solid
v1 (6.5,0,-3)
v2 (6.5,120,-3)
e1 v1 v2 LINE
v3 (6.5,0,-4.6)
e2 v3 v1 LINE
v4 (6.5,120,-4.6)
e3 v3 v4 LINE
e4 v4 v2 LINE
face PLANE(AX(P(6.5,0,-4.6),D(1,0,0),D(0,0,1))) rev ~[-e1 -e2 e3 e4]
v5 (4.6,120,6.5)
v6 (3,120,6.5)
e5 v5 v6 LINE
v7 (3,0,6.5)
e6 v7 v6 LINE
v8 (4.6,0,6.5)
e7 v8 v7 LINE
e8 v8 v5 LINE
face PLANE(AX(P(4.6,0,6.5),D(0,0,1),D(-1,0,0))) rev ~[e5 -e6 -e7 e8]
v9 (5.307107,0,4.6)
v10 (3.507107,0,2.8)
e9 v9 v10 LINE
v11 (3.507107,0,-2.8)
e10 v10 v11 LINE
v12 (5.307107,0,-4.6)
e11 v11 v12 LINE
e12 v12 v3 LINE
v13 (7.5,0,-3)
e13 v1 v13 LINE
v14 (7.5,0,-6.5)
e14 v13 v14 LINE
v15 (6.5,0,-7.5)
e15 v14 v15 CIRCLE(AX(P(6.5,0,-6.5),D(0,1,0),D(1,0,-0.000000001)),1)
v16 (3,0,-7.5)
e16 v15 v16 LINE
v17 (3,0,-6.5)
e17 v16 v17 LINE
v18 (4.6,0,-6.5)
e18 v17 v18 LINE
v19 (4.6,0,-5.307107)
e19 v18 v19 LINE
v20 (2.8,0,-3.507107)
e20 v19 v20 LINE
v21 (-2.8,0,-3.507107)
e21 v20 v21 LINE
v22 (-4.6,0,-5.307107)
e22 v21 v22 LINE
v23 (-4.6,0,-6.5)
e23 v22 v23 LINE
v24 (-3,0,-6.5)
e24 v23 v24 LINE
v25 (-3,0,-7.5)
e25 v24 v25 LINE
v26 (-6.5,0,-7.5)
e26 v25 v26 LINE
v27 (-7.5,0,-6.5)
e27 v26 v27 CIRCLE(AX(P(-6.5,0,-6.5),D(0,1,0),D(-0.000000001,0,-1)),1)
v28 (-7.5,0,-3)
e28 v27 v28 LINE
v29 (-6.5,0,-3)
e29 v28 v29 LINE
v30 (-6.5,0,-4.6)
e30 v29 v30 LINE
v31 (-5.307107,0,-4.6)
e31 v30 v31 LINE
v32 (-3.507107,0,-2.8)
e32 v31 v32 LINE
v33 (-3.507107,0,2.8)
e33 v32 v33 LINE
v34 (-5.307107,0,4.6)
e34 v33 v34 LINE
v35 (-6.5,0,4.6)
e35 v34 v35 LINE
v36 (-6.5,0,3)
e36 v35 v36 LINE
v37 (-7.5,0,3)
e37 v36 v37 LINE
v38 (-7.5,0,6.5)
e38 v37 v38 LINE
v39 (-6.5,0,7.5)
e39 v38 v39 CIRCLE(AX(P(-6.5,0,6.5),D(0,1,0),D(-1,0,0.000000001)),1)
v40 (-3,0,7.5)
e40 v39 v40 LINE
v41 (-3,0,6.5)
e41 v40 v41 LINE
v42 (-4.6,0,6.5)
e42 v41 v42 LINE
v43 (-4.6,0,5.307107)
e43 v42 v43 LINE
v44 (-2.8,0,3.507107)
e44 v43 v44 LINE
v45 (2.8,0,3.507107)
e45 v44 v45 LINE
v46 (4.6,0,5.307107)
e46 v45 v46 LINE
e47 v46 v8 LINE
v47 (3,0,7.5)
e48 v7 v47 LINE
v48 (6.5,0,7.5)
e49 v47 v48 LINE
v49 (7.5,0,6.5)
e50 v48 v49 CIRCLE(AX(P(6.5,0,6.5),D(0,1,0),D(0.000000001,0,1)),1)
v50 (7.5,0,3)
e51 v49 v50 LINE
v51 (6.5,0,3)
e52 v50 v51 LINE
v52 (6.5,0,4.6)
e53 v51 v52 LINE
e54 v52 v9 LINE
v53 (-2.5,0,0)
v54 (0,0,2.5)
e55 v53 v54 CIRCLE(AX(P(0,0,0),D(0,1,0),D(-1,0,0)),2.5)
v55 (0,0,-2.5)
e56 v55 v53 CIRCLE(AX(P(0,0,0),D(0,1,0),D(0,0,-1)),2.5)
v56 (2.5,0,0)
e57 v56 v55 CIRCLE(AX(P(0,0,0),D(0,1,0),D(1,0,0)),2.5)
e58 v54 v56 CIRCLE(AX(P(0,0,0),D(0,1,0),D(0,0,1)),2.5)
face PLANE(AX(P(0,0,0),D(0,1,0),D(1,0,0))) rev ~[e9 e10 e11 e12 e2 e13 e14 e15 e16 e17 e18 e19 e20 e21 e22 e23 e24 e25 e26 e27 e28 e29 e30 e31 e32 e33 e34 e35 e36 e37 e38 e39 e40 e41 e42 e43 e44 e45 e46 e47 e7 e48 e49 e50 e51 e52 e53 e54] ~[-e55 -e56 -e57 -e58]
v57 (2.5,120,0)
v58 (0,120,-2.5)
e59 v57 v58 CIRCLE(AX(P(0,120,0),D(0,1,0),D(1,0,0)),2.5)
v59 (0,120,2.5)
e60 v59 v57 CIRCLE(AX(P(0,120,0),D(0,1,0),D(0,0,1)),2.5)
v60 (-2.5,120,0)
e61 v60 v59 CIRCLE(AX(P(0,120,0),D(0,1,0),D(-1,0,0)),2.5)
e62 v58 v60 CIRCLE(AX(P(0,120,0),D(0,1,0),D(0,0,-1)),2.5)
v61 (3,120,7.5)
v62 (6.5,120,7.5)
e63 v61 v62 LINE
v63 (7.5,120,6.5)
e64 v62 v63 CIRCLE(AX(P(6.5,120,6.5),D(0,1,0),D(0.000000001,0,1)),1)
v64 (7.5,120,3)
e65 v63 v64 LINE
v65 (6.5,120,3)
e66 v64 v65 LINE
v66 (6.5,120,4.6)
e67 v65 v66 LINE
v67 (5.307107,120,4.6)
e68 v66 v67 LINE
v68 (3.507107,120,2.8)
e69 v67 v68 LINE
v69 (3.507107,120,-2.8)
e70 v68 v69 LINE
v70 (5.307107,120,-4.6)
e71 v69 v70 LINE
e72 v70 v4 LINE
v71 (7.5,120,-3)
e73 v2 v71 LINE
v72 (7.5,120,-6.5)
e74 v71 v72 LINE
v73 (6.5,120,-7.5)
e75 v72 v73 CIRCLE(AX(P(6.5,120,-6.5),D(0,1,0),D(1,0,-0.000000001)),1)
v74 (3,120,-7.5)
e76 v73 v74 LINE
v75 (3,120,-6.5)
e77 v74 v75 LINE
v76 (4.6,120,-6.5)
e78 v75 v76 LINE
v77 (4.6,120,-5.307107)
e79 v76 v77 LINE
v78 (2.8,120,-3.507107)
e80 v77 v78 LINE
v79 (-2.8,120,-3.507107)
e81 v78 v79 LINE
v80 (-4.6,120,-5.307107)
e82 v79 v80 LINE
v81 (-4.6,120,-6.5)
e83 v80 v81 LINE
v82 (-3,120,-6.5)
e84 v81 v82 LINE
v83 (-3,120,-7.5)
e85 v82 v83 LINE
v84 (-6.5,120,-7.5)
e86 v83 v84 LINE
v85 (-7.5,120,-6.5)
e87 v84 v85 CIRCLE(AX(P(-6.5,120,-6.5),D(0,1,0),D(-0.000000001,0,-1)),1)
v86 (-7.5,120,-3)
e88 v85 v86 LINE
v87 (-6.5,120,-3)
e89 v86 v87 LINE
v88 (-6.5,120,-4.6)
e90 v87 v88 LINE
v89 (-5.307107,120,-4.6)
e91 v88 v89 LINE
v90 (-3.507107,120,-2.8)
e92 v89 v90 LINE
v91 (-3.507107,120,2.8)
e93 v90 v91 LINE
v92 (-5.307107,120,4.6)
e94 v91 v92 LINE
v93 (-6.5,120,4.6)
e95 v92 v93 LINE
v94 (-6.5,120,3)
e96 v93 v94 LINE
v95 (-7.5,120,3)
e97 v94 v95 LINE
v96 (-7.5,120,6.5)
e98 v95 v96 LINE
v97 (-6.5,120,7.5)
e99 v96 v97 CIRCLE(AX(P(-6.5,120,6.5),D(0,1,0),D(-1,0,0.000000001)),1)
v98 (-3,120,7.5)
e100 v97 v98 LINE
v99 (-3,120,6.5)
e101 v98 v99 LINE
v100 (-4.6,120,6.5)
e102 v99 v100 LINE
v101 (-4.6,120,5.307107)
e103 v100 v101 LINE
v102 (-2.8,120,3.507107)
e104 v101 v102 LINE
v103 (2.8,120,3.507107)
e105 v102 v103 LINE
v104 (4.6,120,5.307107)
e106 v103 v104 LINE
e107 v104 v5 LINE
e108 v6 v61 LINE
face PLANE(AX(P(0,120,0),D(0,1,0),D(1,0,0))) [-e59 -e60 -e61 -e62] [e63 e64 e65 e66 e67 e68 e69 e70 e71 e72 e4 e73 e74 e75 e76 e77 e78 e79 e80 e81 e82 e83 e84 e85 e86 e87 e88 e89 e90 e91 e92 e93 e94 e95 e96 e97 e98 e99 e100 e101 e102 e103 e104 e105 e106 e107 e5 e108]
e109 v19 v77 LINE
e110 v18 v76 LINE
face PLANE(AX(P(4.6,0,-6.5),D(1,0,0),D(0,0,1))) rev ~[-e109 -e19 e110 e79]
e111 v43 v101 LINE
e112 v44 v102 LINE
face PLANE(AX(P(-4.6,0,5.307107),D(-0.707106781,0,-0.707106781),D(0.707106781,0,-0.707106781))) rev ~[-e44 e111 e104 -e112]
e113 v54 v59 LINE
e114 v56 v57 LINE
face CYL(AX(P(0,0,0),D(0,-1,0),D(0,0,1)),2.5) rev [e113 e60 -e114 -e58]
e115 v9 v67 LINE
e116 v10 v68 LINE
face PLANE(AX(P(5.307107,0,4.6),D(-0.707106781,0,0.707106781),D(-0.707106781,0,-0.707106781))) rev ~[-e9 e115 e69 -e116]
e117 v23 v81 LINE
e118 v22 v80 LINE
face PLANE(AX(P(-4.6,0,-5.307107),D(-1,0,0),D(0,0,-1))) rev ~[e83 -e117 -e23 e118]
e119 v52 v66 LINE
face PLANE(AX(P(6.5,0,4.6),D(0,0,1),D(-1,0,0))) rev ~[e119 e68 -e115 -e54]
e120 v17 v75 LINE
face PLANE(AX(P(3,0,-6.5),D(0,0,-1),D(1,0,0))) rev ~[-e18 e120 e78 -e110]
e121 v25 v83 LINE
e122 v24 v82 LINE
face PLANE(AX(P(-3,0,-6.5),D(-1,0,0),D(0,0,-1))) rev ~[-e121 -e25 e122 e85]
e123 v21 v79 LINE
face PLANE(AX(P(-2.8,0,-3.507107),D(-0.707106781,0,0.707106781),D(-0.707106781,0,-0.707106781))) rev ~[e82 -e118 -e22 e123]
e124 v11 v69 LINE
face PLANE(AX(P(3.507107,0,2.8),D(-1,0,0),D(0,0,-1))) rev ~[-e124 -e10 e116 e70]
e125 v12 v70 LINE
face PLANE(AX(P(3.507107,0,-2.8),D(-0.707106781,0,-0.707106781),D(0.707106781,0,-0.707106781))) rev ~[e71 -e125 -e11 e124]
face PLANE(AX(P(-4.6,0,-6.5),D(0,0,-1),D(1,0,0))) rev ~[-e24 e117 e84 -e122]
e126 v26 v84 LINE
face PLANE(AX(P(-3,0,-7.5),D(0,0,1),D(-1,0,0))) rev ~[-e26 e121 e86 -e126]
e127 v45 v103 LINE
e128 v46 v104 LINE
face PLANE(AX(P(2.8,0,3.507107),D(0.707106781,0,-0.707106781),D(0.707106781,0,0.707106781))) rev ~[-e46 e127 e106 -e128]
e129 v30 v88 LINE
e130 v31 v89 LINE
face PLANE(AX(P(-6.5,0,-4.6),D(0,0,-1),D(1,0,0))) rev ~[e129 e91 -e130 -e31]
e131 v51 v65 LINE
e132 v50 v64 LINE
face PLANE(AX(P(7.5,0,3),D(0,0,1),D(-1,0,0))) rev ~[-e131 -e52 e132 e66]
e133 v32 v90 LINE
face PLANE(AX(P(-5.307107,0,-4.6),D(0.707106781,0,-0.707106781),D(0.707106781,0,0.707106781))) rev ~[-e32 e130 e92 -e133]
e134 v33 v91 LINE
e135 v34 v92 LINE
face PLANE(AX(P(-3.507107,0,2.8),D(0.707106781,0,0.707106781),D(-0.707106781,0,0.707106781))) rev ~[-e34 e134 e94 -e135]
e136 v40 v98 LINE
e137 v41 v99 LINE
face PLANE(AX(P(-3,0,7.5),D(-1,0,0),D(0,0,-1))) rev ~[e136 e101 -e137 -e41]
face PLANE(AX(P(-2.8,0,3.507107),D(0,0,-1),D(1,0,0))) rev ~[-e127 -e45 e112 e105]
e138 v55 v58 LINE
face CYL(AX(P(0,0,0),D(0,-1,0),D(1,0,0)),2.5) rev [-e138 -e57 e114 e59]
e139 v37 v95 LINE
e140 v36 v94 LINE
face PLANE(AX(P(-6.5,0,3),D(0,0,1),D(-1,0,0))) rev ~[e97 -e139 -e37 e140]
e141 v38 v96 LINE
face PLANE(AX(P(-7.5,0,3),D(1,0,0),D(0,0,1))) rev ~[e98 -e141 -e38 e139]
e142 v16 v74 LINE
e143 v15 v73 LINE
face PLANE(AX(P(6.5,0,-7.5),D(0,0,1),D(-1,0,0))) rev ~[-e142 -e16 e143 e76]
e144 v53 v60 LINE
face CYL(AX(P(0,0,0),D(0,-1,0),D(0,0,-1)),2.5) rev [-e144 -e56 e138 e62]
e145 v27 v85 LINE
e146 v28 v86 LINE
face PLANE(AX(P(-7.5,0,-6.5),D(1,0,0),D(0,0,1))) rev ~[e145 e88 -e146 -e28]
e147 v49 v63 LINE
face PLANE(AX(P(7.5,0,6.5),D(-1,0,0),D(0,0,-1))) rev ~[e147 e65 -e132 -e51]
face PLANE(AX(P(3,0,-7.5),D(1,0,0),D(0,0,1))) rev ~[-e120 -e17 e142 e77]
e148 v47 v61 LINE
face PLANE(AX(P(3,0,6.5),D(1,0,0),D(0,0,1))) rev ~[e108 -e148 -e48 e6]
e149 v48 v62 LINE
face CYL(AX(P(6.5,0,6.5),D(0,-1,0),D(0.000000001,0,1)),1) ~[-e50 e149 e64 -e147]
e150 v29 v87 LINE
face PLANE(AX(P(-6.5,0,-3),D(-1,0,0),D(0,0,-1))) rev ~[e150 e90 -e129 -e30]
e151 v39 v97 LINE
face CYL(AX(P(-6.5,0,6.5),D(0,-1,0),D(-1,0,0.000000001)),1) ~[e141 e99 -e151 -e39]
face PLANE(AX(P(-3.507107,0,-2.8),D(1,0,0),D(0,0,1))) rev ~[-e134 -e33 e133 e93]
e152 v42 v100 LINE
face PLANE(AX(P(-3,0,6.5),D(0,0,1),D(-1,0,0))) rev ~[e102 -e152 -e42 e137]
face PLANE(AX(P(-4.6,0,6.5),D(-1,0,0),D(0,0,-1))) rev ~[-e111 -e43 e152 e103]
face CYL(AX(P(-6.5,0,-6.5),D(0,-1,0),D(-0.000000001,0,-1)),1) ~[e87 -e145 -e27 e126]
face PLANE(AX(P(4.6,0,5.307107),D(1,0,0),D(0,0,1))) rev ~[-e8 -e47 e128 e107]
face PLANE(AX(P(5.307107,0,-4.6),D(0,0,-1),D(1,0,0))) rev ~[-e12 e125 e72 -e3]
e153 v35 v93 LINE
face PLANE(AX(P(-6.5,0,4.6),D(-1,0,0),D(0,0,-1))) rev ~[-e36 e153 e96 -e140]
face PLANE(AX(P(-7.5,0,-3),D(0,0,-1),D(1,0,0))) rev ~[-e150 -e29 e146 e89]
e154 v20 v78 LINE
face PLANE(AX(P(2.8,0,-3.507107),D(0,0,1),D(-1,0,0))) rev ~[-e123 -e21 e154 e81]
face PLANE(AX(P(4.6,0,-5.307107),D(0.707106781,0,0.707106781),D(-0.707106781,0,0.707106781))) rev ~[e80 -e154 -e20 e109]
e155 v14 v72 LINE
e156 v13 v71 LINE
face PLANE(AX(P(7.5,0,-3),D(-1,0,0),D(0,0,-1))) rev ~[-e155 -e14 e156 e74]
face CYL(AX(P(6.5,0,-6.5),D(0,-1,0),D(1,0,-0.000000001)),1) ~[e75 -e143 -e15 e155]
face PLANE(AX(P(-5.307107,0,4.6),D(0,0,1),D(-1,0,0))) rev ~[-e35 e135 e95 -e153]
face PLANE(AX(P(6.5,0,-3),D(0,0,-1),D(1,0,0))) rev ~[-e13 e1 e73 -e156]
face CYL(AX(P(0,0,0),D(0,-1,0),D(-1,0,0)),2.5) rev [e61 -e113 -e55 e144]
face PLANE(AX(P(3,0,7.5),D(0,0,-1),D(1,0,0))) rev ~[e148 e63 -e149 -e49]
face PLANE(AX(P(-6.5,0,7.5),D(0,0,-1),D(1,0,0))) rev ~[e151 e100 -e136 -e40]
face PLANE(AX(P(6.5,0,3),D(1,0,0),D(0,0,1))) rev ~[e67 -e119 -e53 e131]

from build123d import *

# Parameters (mm, degrees)
BOSS_EXTRUDE1_DEPTH = 120


with BuildPart() as part:
    # Sketch1 → Boss-Extrude1 (new body)
    with BuildSketch(Plane(origin=(0, 0, 0), x_dir=(1, 0, 0), z_dir=(0, 1, 0))):
        with BuildLine():
            Line((-7.5, -3), (-7.5, -6.5))
            ThreePointArc((-7.5, -6.5), (-7.207106781, -7.207106781), (-6.5, -7.5))
            Line((-6.5, -7.5), (-3, -7.5))
            Line((-3, -7.5), (-3, -6.5))
            Line((-3, -6.5), (-4.6, -6.5))
            Line((-4.6, -6.5), (-4.6, -5.307106781))
            Line((-4.6, -5.307106781), (-2.8, -3.507106781))
            Line((-2.8, -3.507106781), (0, -3.507106781))
            Line((0, -3.507106781), (2.8, -3.507106781))
            Line((2.8, -3.507106781), (4.6, -5.307106781))
            Line((4.6, -5.307106781), (4.6, -6.5))
            Line((4.6, -6.5), (3, -6.5))
            Line((3, -6.5), (3, -7.5))
            Line((3, -7.5), (6.5, -7.5))
            ThreePointArc((6.5, -7.5), (7.207106781, -7.207106781), (7.5, -6.5))
            Line((7.5, -6.5), (7.5, -3))
            Line((7.5, -3), (6.5, -3))
            Line((6.5, -3), (6.5, -4.6))
            Line((6.5, -4.6), (5.307106781, -4.6))
            Line((5.307106781, -4.6), (3.507106781, -2.8))
            Line((3.507106781, -2.8), (3.507106781, 0))
            Line((3.507106781, 0), (3.507106781, 2.8))
            Line((3.507106781, 2.8), (5.307106781, 4.6))
            Line((5.307106781, 4.6), (6.5, 4.6))
            Line((6.5, 4.6), (6.5, 3))
            Line((6.5, 3), (7.5, 3))
            Line((7.5, 3), (7.5, 6.5))
            ThreePointArc((7.5, 6.5), (7.207106781, 7.207106781), (6.5, 7.5))
            Line((6.5, 7.5), (3, 7.5))
            Line((3, 7.5), (3, 6.5))
            Line((3, 6.5), (4.6, 6.5))
            Line((4.6, 6.5), (4.6, 5.307106781))
            Line((4.6, 5.307106781), (2.8, 3.507106781))
            Line((2.8, 3.507106781), (0, 3.507106781))
            Line((0, 3.507106781), (-2.8, 3.507106781))
            Line((-2.8, 3.507106781), (-4.6, 5.307106781))
            Line((-4.6, 5.307106781), (-4.6, 6.5))
            Line((-4.6, 6.5), (-3, 6.5))
            Line((-3, 6.5), (-3, 7.5))
            Line((-3, 7.5), (-6.5, 7.5))
            ThreePointArc((-6.5, 7.5), (-7.207106781, 7.207106781), (-7.5, 6.5))
            Line((-7.5, 6.5), (-7.5, 3))
            Line((-7.5, 3), (-6.5, 3))
            Line((-6.5, 3), (-6.5, 4.6))
            Line((-6.5, 4.6), (-5.307106781, 4.6))
            Line((-5.307106781, 4.6), (-3.507106781, 2.8))
            Line((-3.507106781, 2.8), (-3.507106781, 0))
            Line((-3.507106781, 0), (-3.507106781, -2.8))
            Line((-3.507106781, -2.8), (-5.307106781, -4.6))
            Line((-5.307106781, -4.6), (-6.5, -4.6))
            Line((-6.5, -4.6), (-6.5, -3))
            Line((-6.5, -3), (-7.5, -3))
        make_face()
        with BuildLine():
            ThreePointArc((-2.5, 0), (-1.767766953, -1.767766953), (0, -2.5))
            ThreePointArc((0, -2.5), (1.767766953, -1.767766953), (2.5, 0))
            ThreePointArc((2.5, 0), (1.767766953, 1.767766953), (0, 2.5))
            ThreePointArc((0, 2.5), (-1.767766953, 1.767766953), (-2.5, 0))
        make_face(mode=Mode.SUBTRACT)
    extrude(amount=BOSS_EXTRUDE1_DEPTH)


solid = part.part
